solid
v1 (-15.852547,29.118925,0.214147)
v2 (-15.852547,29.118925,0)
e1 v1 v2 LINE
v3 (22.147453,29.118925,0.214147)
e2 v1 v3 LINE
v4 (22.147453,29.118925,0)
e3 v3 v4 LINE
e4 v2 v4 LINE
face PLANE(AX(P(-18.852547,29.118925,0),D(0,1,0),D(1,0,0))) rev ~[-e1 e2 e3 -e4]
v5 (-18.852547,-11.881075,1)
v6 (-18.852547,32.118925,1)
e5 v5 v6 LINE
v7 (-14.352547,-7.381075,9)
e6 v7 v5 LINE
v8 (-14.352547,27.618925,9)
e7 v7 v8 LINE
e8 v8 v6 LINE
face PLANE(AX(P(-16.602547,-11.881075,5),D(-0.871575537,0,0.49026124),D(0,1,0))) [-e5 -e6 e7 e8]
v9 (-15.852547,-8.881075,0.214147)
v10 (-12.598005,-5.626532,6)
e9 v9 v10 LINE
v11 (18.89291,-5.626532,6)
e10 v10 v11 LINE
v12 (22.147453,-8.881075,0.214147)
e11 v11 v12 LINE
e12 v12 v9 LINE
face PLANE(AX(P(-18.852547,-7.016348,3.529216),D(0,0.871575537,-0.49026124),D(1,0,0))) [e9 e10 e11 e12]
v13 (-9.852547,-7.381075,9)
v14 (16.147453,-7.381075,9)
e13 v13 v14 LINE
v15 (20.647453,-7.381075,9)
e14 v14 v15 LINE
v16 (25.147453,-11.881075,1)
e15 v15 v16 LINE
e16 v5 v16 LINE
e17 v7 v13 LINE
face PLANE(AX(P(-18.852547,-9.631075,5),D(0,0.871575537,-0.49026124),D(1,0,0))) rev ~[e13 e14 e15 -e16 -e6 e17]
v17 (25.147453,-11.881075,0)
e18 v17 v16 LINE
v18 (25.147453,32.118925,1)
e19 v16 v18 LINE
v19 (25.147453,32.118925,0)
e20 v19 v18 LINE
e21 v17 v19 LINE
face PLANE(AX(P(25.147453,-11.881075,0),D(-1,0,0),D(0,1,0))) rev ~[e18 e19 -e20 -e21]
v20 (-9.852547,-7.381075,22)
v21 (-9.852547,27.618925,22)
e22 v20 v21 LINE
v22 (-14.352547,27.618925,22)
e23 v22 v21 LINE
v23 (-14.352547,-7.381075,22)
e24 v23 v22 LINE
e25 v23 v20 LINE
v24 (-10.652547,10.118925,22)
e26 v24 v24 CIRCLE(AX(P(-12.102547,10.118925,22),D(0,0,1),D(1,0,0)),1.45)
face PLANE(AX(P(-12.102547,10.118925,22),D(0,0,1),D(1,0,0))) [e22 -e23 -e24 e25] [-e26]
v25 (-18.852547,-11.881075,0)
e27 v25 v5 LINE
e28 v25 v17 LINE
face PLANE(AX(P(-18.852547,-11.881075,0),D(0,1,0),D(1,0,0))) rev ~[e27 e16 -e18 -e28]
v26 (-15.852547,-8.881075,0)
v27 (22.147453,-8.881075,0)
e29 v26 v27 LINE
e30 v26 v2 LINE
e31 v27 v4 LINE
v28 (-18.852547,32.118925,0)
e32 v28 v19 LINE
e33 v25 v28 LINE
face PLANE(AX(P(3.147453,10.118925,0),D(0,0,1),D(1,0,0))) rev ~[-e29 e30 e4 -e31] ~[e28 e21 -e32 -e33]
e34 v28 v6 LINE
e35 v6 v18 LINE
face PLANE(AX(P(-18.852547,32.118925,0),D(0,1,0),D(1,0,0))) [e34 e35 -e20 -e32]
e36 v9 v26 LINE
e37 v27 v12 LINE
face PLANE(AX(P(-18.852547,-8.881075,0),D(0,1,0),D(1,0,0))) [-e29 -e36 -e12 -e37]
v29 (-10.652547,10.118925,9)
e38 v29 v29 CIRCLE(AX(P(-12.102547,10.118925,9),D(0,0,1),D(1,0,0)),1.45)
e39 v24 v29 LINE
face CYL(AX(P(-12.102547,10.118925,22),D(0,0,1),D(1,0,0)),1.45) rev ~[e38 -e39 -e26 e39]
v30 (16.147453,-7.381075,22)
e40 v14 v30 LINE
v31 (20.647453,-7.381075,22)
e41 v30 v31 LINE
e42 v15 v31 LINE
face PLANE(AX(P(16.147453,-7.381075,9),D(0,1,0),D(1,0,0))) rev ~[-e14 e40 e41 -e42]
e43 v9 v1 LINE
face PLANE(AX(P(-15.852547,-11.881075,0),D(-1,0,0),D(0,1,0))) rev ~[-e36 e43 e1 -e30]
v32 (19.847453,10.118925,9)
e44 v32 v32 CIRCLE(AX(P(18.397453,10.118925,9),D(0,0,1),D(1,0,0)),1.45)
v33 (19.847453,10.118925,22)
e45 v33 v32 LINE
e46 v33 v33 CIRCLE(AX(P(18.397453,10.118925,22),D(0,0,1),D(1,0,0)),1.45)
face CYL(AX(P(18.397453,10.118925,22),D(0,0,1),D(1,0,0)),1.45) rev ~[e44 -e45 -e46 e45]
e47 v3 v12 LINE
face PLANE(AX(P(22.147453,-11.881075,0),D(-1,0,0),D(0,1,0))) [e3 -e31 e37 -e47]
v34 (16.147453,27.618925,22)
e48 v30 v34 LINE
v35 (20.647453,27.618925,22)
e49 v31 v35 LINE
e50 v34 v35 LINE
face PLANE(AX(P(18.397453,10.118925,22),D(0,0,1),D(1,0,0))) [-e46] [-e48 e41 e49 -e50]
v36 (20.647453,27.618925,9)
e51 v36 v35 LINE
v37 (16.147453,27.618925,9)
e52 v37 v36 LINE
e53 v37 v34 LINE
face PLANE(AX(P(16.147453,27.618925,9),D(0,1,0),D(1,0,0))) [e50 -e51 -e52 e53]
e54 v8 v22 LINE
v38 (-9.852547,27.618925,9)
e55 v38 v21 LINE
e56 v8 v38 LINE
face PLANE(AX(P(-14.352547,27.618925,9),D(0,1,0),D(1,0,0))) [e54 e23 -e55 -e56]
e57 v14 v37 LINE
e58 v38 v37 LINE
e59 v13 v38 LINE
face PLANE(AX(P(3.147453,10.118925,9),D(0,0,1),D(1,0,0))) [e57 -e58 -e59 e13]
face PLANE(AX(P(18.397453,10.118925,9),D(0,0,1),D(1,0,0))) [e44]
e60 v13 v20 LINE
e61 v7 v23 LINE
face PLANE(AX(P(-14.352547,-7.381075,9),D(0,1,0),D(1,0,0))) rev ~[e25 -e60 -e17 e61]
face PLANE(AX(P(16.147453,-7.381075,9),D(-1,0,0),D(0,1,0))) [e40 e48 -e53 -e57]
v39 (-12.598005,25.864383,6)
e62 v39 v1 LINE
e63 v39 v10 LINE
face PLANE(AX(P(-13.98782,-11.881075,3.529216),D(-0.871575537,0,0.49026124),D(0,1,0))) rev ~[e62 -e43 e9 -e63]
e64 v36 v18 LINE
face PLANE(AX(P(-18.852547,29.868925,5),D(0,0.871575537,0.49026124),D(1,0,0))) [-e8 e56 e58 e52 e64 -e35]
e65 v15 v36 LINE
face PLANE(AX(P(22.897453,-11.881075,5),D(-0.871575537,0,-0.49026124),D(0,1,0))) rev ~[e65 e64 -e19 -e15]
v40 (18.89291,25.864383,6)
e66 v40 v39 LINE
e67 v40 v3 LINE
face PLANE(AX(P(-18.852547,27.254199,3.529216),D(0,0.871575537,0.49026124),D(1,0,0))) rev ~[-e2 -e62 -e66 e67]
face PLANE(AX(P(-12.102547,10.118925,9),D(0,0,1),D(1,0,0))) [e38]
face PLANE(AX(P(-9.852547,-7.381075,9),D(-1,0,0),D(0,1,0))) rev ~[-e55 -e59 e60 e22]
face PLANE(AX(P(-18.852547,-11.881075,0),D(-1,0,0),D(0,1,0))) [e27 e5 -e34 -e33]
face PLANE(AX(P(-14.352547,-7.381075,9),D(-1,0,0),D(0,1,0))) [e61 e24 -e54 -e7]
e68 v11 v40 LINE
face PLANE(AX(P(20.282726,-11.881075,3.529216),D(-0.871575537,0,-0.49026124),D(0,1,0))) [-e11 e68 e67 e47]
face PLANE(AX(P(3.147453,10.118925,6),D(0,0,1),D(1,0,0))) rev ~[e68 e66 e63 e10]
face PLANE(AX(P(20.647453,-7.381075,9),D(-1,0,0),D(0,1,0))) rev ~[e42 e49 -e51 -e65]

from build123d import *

# Parameters (mm, degrees)
F0_W     = 44
F0_H     = 44
F1_DEPTH = 9
F2_SIZE2 = 8
F2_SIZE  = 4.5
F4_T     = -3
F5_W     = 4.5
F5_H     = 35
F6_DEPTH = 13
F7_R     = 1.45
F8_DEPTH = 13


with BuildPart() as f1:
    # F0 (on Top) → F1 (new body)
    with BuildSketch(Plane.XY):
        with Locations((3.1474529505, 10.1189251319)):
            Rectangle(F0_W, F0_H)
    extrude(amount=F1_DEPTH)

    # F2
    f2_edges = [f1.edges().sort_by_distance(p)[0] for p in [
        (3.147453, -11.881075, 9),
        (-18.852547, 10.118925, 9),
        (3.147453, 32.118925, 9),
        (25.147453, 10.118925, 9),
    ]]
    f2_side = f1.faces().sort_by_distance((3.147453, 10.118925, 9))[0]
    chamfer(f2_edges, length=F2_SIZE, length2=F2_SIZE2, reference=f2_side)

    # F4
    f4_openings = [f1.faces().sort_by_distance(p)[0] for p in [
        (3.147453, 10.118925, 0),
    ]]
    offset(amount=F4_T, openings=f4_openings)

    # F5 (on face) → F6 (join)
    with BuildSketch(Plane.XY.offset(9)):
        with Locations((18.3974529505, 10.1189251319)):
            Rectangle(F5_W, F5_H)
        with Locations((-12.1025470495, 10.1189251319)):
            Rectangle(F5_W, F5_H)
    extrude(amount=F6_DEPTH)

    # F7 (on face) → F8 (cut)
    with BuildSketch(Plane.XY.offset(22)):
        with Locations((-12.1025470495, 10.1189251319)):
            Circle(F7_R)
        with Locations((18.3974529505, 10.1189251319)):
            Circle(F7_R)
    extrude(amount=-F8_DEPTH, mode=Mode.SUBTRACT)


solid = f1.part
